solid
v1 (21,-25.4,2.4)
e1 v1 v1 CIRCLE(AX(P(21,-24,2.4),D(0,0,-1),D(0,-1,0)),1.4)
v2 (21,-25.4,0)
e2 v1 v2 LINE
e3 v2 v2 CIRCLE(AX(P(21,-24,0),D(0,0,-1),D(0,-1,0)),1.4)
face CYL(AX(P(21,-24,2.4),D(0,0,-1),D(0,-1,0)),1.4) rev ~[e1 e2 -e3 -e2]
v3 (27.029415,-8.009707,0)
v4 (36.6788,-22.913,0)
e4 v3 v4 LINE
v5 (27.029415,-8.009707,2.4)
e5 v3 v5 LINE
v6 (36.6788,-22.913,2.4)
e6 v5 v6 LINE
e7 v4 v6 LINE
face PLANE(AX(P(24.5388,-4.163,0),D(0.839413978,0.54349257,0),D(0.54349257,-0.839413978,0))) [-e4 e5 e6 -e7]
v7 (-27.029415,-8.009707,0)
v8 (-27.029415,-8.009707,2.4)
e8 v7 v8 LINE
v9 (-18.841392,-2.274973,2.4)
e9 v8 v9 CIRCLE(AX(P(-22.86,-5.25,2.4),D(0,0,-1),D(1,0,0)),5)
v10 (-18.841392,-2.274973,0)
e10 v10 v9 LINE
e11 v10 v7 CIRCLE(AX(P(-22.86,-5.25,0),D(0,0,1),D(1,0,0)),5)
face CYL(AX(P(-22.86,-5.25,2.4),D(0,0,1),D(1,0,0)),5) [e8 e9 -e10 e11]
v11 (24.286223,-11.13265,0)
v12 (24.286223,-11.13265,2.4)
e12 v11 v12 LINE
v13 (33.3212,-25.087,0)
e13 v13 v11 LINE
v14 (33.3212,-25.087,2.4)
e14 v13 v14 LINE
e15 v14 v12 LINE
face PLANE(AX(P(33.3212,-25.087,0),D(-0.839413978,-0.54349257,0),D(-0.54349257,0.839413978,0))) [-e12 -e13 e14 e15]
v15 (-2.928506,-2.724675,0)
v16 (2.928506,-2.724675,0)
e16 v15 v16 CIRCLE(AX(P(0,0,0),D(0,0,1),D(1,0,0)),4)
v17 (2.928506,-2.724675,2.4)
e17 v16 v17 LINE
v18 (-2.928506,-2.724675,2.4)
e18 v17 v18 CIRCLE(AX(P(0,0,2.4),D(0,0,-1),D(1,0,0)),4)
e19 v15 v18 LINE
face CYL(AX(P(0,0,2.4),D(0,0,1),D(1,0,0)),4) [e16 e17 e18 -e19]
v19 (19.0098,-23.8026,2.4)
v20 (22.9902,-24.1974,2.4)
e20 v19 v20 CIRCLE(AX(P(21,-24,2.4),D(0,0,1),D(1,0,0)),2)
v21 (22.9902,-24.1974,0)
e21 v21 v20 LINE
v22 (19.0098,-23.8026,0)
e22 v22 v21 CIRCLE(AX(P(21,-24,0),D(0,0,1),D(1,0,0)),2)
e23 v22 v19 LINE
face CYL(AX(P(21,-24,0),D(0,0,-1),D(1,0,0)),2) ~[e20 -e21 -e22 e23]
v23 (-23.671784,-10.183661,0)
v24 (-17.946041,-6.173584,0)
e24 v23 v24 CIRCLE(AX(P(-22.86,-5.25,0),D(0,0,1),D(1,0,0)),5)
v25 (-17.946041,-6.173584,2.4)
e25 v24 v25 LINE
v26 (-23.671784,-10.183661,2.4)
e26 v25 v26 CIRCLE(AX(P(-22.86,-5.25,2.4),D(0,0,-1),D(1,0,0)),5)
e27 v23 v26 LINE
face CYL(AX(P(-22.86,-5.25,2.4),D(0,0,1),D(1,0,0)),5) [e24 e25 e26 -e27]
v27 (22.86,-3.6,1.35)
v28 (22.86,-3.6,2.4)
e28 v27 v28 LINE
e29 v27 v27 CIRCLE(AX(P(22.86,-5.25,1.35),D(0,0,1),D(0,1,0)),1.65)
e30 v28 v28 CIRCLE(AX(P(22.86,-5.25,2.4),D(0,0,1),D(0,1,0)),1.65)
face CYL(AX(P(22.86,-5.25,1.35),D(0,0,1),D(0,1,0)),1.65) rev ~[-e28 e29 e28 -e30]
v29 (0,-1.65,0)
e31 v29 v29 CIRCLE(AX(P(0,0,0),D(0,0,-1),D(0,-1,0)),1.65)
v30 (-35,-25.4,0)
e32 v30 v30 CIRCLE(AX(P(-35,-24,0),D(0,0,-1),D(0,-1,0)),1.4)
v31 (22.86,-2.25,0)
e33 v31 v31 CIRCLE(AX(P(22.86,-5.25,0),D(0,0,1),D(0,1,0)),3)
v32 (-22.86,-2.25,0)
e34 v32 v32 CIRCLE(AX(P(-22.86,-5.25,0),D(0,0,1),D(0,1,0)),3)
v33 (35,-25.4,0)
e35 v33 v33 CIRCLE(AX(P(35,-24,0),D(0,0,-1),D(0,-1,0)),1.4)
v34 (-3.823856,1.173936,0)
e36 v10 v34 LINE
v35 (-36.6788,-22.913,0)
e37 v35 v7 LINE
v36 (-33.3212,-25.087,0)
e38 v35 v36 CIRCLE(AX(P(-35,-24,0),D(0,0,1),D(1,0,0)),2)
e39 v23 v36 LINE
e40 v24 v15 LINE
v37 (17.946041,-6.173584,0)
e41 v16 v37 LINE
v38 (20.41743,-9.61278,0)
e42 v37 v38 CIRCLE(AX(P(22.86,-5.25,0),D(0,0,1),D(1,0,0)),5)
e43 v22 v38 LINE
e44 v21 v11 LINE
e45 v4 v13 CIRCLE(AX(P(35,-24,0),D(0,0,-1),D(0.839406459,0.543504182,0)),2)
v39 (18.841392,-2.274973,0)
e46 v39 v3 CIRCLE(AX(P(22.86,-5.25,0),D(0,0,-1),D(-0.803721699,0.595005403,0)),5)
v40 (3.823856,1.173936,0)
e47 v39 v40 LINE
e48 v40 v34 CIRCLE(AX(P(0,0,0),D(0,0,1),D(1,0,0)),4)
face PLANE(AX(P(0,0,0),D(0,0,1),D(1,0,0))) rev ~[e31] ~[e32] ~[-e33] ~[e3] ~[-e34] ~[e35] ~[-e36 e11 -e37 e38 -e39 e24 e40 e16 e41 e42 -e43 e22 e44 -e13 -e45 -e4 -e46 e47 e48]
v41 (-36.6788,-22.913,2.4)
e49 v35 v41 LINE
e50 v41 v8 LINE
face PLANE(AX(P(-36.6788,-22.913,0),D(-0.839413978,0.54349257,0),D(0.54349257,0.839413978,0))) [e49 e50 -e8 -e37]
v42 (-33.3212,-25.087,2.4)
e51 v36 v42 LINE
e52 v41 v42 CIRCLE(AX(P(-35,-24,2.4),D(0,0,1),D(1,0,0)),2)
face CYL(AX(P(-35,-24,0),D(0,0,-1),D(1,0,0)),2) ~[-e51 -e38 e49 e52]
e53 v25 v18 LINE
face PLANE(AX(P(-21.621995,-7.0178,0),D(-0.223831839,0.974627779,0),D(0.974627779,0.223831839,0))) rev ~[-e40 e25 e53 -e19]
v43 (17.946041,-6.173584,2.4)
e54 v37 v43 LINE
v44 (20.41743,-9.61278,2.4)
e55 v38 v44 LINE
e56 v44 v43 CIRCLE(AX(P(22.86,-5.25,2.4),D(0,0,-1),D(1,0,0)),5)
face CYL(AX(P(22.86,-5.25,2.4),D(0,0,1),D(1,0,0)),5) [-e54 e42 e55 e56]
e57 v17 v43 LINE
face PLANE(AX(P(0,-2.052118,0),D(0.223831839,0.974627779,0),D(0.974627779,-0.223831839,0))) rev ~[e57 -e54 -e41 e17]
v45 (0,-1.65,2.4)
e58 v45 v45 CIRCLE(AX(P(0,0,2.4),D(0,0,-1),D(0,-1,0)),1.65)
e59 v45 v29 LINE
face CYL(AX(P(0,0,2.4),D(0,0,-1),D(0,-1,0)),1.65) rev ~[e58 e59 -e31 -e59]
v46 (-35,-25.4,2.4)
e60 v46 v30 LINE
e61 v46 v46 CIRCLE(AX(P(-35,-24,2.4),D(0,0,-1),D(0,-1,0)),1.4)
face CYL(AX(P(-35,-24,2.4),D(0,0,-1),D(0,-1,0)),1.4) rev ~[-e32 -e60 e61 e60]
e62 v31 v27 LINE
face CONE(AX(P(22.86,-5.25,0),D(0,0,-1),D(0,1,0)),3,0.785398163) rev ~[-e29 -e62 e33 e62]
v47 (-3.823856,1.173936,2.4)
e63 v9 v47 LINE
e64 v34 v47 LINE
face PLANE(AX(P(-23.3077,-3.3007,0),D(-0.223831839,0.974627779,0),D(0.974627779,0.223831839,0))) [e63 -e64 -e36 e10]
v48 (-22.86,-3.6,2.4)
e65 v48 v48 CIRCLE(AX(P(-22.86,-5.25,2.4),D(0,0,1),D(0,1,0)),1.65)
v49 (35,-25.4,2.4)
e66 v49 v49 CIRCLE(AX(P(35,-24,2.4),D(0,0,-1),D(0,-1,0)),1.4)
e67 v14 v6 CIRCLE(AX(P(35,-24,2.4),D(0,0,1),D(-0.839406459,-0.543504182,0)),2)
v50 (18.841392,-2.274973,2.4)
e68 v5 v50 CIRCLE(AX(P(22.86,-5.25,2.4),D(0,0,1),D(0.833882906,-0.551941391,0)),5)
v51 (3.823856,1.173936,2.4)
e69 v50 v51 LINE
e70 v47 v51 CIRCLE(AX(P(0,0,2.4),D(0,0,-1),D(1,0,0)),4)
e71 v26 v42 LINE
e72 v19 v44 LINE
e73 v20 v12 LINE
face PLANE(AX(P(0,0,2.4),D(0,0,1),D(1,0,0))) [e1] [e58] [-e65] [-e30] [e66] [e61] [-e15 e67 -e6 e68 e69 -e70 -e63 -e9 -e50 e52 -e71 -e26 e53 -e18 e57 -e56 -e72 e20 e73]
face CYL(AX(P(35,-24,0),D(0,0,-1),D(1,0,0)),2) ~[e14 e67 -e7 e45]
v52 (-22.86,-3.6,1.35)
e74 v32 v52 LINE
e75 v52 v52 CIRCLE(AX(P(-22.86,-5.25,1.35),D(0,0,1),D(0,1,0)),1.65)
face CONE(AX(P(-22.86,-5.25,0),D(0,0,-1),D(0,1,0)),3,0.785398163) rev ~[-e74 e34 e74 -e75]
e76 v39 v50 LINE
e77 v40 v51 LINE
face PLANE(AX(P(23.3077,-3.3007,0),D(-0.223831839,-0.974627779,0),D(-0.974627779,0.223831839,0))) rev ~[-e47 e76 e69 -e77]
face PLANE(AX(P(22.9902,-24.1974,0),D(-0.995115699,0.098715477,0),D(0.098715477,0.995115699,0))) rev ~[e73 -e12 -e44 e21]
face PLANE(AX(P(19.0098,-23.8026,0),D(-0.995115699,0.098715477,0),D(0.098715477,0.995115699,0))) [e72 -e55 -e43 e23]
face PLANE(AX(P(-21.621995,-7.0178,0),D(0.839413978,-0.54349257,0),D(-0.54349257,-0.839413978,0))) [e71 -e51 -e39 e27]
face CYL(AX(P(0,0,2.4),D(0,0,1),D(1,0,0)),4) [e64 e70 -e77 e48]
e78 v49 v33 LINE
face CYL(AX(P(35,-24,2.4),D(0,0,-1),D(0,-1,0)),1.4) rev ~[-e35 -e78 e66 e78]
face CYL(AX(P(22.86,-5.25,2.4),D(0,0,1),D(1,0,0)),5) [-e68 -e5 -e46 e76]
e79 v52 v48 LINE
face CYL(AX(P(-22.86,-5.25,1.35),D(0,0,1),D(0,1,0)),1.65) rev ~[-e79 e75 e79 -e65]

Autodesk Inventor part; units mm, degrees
sketch "Sketch1" plane through (0, 0, 0) normal (0, 0, 1) x (1, 0, 0)
  line L0 (0, 1.6506) -> (0, -1.6506) construction
  line L1 (-3.3363, 0) -> (3.3363, 0) construction
  circle A0 centre (-22.86, -5.25) radius 2
  circle A1 centre (22.86, -5.25) radius 2
  circle A2 centre (0, 0) radius 2
  circle A3 centre (-35, -24) radius 2
  circle A4 centre (21, -24) radius 2
  circle A5 centre (35, -24) radius 2
  line L2 (-36.6788, -22.913) -> (-24.5388, -4.163)
  line L3 (-21.1812, -6.337) -> (-33.3212, -25.087)
  line L4 (33.3212, -25.087) -> (21.1812, -6.337)
  line L5 (24.5388, -4.163) -> (36.6788, -22.913)
  line L6 (23.3077, -3.3007) -> (0.4477, 1.9493)
  line L7 (-22.4123, -7.1993) -> (0.4477, -1.9493)
  line L8 (-23.3077, -3.3007) -> (-0.4477, 1.9493)
  line L9 (-0.4477, -1.9493) -> (22.4123, -7.1993)
  line L10 (19.0098, -23.8026) -> (20.8698, -5.0526)
  line L11 (22.9902, -24.1974) -> (24.8502, -5.4474)
  point P0 (19.0231, -24.3028)
  point P1 (1.0254, -1.7172)
  point P2 (-21.6219, -7.0177)
  point P3 (0, 3.0781)
  point P4 (22.9979, -23.9085)
  point P5 (21.6219, -7.0177)
  point P6 (24.2863, -11.1327)
  point P7 (20.6959, -6.8051)
  dimension "d0" = 45.72
  dimension "d1" = 22.86
  dimension "d4" = 4
  dimension "d5" = 4
  dimension "d6" = 4
  dimension "d7" = 18.75
  dimension "d8" = 18.75
  dimension "d9" = 14
  dimension "d10" = 18.75
  dimension "d11" = 56
  dimension "d12" = 70
  dimension "d13" = 35
  dimension "d14" = 4
  dimension "d15" = 4
  dimension "d16" = 4
  dimension "d34" = 5.25
  dimension "d35" = 5.25
extrude "Extrusion1" add sketch "Sketch1" along normal blind 2.4
sketch "Sketch2" plane through (0, 0, 2.4) normal (0, 0, 1) x (1, 0, 0)
  line L0 (-21.6219, -7.0177) -> (-33.3212, -25.087) projected
  arc A0 (-36.6788, -22.913) -> (-33.3212, -25.087) centre (-35, -24) ccw projected
  line L1 (-36.6788, -22.913) -> (-24.5388, -4.163) projected
  arc A1 (-23.3077, -3.3007) -> (-24.5388, -4.163) centre (-22.86, -5.25) ccw projected
  line L2 (-23.3077, -3.3007) -> (-0.4477, 1.9493) projected
  line L3 (24.5388, -4.163) -> (36.6788, -22.913) projected
  arc A2 (33.3212, -25.087) -> (36.6788, -22.913) centre (35, -24) ccw projected
  line L4 (33.3212, -25.087) -> (24.2863, -11.1327) projected
  line L5 (0, -2.0521) -> (-21.6219, -7.0177) projected
  arc A3 (19.0098, -23.8026) -> (22.9902, -24.1974) centre (21, -24) ccw projected
  line L6 (0.4477, 1.9493) -> (23.3077, -3.3007) projected
  arc A4 (24.5388, -4.163) -> (23.3077, -3.3007) centre (22.86, -5.25) ccw projected
  arc A5 (0.4477, 1.9493) -> (-0.4477, 1.9493) centre (0, 0) ccw projected
  line L7 (20.6959, -6.8051) -> (0, -2.0521) projected
  line L8 (24.2863, -11.1327) -> (22.9902, -24.1974) projected
  line L9 (19.0098, -23.8026) -> (20.6959, -6.8051) projected
hole "Hole1" at (-35, -24, 2.4) at (21, -24, 2.4) at (35, -24, 2.4) direction (0, 0, -1) diameter 2.8 depth 2.4
sketch "Sketch3" plane through (0, 0, 2.4) normal (0, 0, 1) x (1, 0, 0)
  circle A0 centre (35, -24) radius 1.4 projected
  circle A1 centre (21, -24) radius 1.4 projected
  circle A2 centre (-35, -24) radius 1.4 projected
  line L0 (-21.6219, -7.0177) -> (-33.3212, -25.087) projected
  arc A3 (-36.6788, -22.913) -> (-33.3212, -25.087) centre (-35, -24) ccw projected
  line L1 (-36.6788, -22.913) -> (-24.5388, -4.163) projected
  arc A4 (-23.3077, -3.3007) -> (-24.5388, -4.163) centre (-22.86, -5.25) ccw projected
  line L2 (-23.3077, -3.3007) -> (-0.4477, 1.9493) projected
  line L3 (24.5388, -4.163) -> (36.6788, -22.913) projected
  arc A5 (33.3212, -25.087) -> (36.6788, -22.913) centre (35, -24) ccw projected
  line L4 (33.3212, -25.087) -> (24.2863, -11.1327) projected
  line L5 (0, -2.0521) -> (-21.6219, -7.0177) projected
  arc A6 (19.0098, -23.8026) -> (22.9902, -24.1974) centre (21, -24) ccw projected
  line L6 (0.4477, 1.9493) -> (23.3077, -3.3007) projected
  arc A7 (24.5388, -4.163) -> (23.3077, -3.3007) centre (22.86, -5.25) ccw projected
  arc A8 (0.4477, 1.9493) -> (-0.4477, 1.9493) centre (0, 0) ccw projected
  line L7 (20.6959, -6.8051) -> (0, -2.0521) projected
  line L8 (24.2863, -11.1327) -> (22.9902, -24.1974) projected
  line L9 (19.0098, -23.8026) -> (20.6959, -6.8051) projected
  circle A9 centre (-22.86, -5.25) radius 5
  circle A10 centre (0, 0) radius 4
  circle A11 centre (22.86, -5.25) radius 5
  dimension "d36" = 10
  dimension "d37" = 8
  dimension "d38" = 10
extrude "Extrusion3" add sketch "Sketch3" against normal up to surface (2.4 mm away) contours L5 A9 L0 | L0 A9 L1 A4 L2 L5 | A9 L2 A4 L1 | A10 L2 A8 L6 L7 L5 | L5 L7 A10 | A10 L6 A8 L2 | A11 L6 A7 L3 L9 L7 | L7 L9 A11 | A11 L3 A7 L6
sketch "Sketch4" plane through (0, 0, 0) normal (0, 0, -1) x (-1, 0, 0)
  arc A0 (-2.9285, -2.7246) -> (2.9285, -2.7246) centre (0, 0) ccw projected
  line L0 (-2.9285, -2.7246) -> (-17.946, -6.1735) projected
  arc A1 (-20.4174, -9.6128) -> (-17.946, -6.1735) centre (-22.86, -5.25) ccw projected
  line L1 (-20.4174, -9.6128) -> (-19.0098, -23.8026) projected
  arc A2 (-22.9902, -24.1974) -> (-19.0098, -23.8026) centre (-21, -24) ccw projected
  line L2 (-22.9902, -24.1974) -> (-24.2863, -11.1327) projected
  line L3 (-24.2863, -11.1327) -> (-33.3212, -25.087) projected
  arc A3 (-36.6788, -22.913) -> (-33.3212, -25.087) centre (-35, -24) ccw projected
  line L4 (-36.6788, -22.913) -> (-27.0294, -8.0097) projected
  arc A4 (-18.8414, -2.275) -> (-27.0294, -8.0097) centre (-22.86, -5.25) ccw projected
  line L5 (-18.8414, -2.275) -> (-3.8239, 1.1739) projected
  arc A5 (3.8239, 1.1739) -> (-3.8239, 1.1739) centre (0, 0) ccw projected
  line L6 (3.8239, 1.1739) -> (18.8414, -2.275) projected
  arc A6 (27.0294, -8.0097) -> (18.8414, -2.275) centre (22.86, -5.25) ccw projected
  line L7 (27.0294, -8.0097) -> (36.6788, -22.913) projected
  arc A7 (33.3212, -25.087) -> (36.6788, -22.913) centre (35, -24) ccw projected
  line L8 (33.3212, -25.087) -> (23.6718, -10.1837) projected
  arc A8 (17.946, -6.1735) -> (23.6718, -10.1837) centre (22.86, -5.25) ccw projected
  line L9 (17.946, -6.1735) -> (2.9285, -2.7246) projected
  circle A9 centre (-21, -24) radius 1.4 projected
  circle A10 centre (-35, -24) radius 1.4 projected
  circle A11 centre (35, -24) radius 1.4 projected
hole "Hole3" at (-22.86, -5.25, 0) at (22.86, -5.25, 0) direction (0, 0, 1) diameter 3.3 depth 2.4 countersink diameter 6 countersink angle 90
sketch "Sketch5" plane through (0, 0, 2.4) normal (0, 0, 1) x (1, 0, 0)
  circle A0 centre (22.86, -5.25) radius 1.65 projected
  circle A1 centre (-22.86, -5.25) radius 1.65 projected
  arc A2 (-2.9285, -2.7246) -> (2.9285, -2.7246) centre (0, 0) ccw projected
  line L0 (-2.9285, -2.7246) -> (-17.946, -6.1735) projected
  arc A3 (-23.6718, -10.1837) -> (-17.946, -6.1735) centre (-22.86, -5.25) ccw projected
  line L1 (-23.6718, -10.1837) -> (-33.3212, -25.087) projected
  arc A4 (-36.6788, -22.913) -> (-33.3212, -25.087) centre (-35, -24) ccw projected
  line L2 (-36.6788, -22.913) -> (-27.0294, -8.0097) projected
  arc A5 (-18.8414, -2.275) -> (-27.0294, -8.0097) centre (-22.86, -5.25) ccw projected
  line L3 (-18.8414, -2.275) -> (-3.8239, 1.1739) projected
  arc A6 (3.8239, 1.1739) -> (-3.8239, 1.1739) centre (0, 0) ccw projected
  line L4 (3.8239, 1.1739) -> (18.8414, -2.275) projected
  arc A7 (27.0294, -8.0097) -> (18.8414, -2.275) centre (22.86, -5.25) ccw projected
  line L5 (27.0294, -8.0097) -> (36.6788, -22.913) projected
  arc A8 (33.3212, -25.087) -> (36.6788, -22.913) centre (35, -24) ccw projected
  line L6 (33.3212, -25.087) -> (24.2863, -11.1327) projected
  line L7 (24.2863, -11.1327) -> (22.9902, -24.1974) projected
  arc A9 (19.0098, -23.8026) -> (22.9902, -24.1974) centre (21, -24) ccw projected
  line L8 (19.0098, -23.8026) -> (20.4174, -9.6128) projected
  arc A10 (17.946, -6.1735) -> (20.4174, -9.6128) centre (22.86, -5.25) ccw projected
  line L9 (17.946, -6.1735) -> (2.9285, -2.7246) projected
  circle A11 centre (21, -24) radius 1.4 projected
  circle A12 centre (35, -24) radius 1.4 projected
  circle A13 centre (-35, -24) radius 1.4 projected
hole "Hole4" at (0, 0, 2.4) direction (0, 0, -1) diameter 3.3 depth 2.4
equation "\"d8\" = d7"
equation "\"d10\" = d8"
equation "\"d13\" = 0.5 * d12"
equation "\"d35\" = d34"
properties part number "PD_Sensor" material "S235"
